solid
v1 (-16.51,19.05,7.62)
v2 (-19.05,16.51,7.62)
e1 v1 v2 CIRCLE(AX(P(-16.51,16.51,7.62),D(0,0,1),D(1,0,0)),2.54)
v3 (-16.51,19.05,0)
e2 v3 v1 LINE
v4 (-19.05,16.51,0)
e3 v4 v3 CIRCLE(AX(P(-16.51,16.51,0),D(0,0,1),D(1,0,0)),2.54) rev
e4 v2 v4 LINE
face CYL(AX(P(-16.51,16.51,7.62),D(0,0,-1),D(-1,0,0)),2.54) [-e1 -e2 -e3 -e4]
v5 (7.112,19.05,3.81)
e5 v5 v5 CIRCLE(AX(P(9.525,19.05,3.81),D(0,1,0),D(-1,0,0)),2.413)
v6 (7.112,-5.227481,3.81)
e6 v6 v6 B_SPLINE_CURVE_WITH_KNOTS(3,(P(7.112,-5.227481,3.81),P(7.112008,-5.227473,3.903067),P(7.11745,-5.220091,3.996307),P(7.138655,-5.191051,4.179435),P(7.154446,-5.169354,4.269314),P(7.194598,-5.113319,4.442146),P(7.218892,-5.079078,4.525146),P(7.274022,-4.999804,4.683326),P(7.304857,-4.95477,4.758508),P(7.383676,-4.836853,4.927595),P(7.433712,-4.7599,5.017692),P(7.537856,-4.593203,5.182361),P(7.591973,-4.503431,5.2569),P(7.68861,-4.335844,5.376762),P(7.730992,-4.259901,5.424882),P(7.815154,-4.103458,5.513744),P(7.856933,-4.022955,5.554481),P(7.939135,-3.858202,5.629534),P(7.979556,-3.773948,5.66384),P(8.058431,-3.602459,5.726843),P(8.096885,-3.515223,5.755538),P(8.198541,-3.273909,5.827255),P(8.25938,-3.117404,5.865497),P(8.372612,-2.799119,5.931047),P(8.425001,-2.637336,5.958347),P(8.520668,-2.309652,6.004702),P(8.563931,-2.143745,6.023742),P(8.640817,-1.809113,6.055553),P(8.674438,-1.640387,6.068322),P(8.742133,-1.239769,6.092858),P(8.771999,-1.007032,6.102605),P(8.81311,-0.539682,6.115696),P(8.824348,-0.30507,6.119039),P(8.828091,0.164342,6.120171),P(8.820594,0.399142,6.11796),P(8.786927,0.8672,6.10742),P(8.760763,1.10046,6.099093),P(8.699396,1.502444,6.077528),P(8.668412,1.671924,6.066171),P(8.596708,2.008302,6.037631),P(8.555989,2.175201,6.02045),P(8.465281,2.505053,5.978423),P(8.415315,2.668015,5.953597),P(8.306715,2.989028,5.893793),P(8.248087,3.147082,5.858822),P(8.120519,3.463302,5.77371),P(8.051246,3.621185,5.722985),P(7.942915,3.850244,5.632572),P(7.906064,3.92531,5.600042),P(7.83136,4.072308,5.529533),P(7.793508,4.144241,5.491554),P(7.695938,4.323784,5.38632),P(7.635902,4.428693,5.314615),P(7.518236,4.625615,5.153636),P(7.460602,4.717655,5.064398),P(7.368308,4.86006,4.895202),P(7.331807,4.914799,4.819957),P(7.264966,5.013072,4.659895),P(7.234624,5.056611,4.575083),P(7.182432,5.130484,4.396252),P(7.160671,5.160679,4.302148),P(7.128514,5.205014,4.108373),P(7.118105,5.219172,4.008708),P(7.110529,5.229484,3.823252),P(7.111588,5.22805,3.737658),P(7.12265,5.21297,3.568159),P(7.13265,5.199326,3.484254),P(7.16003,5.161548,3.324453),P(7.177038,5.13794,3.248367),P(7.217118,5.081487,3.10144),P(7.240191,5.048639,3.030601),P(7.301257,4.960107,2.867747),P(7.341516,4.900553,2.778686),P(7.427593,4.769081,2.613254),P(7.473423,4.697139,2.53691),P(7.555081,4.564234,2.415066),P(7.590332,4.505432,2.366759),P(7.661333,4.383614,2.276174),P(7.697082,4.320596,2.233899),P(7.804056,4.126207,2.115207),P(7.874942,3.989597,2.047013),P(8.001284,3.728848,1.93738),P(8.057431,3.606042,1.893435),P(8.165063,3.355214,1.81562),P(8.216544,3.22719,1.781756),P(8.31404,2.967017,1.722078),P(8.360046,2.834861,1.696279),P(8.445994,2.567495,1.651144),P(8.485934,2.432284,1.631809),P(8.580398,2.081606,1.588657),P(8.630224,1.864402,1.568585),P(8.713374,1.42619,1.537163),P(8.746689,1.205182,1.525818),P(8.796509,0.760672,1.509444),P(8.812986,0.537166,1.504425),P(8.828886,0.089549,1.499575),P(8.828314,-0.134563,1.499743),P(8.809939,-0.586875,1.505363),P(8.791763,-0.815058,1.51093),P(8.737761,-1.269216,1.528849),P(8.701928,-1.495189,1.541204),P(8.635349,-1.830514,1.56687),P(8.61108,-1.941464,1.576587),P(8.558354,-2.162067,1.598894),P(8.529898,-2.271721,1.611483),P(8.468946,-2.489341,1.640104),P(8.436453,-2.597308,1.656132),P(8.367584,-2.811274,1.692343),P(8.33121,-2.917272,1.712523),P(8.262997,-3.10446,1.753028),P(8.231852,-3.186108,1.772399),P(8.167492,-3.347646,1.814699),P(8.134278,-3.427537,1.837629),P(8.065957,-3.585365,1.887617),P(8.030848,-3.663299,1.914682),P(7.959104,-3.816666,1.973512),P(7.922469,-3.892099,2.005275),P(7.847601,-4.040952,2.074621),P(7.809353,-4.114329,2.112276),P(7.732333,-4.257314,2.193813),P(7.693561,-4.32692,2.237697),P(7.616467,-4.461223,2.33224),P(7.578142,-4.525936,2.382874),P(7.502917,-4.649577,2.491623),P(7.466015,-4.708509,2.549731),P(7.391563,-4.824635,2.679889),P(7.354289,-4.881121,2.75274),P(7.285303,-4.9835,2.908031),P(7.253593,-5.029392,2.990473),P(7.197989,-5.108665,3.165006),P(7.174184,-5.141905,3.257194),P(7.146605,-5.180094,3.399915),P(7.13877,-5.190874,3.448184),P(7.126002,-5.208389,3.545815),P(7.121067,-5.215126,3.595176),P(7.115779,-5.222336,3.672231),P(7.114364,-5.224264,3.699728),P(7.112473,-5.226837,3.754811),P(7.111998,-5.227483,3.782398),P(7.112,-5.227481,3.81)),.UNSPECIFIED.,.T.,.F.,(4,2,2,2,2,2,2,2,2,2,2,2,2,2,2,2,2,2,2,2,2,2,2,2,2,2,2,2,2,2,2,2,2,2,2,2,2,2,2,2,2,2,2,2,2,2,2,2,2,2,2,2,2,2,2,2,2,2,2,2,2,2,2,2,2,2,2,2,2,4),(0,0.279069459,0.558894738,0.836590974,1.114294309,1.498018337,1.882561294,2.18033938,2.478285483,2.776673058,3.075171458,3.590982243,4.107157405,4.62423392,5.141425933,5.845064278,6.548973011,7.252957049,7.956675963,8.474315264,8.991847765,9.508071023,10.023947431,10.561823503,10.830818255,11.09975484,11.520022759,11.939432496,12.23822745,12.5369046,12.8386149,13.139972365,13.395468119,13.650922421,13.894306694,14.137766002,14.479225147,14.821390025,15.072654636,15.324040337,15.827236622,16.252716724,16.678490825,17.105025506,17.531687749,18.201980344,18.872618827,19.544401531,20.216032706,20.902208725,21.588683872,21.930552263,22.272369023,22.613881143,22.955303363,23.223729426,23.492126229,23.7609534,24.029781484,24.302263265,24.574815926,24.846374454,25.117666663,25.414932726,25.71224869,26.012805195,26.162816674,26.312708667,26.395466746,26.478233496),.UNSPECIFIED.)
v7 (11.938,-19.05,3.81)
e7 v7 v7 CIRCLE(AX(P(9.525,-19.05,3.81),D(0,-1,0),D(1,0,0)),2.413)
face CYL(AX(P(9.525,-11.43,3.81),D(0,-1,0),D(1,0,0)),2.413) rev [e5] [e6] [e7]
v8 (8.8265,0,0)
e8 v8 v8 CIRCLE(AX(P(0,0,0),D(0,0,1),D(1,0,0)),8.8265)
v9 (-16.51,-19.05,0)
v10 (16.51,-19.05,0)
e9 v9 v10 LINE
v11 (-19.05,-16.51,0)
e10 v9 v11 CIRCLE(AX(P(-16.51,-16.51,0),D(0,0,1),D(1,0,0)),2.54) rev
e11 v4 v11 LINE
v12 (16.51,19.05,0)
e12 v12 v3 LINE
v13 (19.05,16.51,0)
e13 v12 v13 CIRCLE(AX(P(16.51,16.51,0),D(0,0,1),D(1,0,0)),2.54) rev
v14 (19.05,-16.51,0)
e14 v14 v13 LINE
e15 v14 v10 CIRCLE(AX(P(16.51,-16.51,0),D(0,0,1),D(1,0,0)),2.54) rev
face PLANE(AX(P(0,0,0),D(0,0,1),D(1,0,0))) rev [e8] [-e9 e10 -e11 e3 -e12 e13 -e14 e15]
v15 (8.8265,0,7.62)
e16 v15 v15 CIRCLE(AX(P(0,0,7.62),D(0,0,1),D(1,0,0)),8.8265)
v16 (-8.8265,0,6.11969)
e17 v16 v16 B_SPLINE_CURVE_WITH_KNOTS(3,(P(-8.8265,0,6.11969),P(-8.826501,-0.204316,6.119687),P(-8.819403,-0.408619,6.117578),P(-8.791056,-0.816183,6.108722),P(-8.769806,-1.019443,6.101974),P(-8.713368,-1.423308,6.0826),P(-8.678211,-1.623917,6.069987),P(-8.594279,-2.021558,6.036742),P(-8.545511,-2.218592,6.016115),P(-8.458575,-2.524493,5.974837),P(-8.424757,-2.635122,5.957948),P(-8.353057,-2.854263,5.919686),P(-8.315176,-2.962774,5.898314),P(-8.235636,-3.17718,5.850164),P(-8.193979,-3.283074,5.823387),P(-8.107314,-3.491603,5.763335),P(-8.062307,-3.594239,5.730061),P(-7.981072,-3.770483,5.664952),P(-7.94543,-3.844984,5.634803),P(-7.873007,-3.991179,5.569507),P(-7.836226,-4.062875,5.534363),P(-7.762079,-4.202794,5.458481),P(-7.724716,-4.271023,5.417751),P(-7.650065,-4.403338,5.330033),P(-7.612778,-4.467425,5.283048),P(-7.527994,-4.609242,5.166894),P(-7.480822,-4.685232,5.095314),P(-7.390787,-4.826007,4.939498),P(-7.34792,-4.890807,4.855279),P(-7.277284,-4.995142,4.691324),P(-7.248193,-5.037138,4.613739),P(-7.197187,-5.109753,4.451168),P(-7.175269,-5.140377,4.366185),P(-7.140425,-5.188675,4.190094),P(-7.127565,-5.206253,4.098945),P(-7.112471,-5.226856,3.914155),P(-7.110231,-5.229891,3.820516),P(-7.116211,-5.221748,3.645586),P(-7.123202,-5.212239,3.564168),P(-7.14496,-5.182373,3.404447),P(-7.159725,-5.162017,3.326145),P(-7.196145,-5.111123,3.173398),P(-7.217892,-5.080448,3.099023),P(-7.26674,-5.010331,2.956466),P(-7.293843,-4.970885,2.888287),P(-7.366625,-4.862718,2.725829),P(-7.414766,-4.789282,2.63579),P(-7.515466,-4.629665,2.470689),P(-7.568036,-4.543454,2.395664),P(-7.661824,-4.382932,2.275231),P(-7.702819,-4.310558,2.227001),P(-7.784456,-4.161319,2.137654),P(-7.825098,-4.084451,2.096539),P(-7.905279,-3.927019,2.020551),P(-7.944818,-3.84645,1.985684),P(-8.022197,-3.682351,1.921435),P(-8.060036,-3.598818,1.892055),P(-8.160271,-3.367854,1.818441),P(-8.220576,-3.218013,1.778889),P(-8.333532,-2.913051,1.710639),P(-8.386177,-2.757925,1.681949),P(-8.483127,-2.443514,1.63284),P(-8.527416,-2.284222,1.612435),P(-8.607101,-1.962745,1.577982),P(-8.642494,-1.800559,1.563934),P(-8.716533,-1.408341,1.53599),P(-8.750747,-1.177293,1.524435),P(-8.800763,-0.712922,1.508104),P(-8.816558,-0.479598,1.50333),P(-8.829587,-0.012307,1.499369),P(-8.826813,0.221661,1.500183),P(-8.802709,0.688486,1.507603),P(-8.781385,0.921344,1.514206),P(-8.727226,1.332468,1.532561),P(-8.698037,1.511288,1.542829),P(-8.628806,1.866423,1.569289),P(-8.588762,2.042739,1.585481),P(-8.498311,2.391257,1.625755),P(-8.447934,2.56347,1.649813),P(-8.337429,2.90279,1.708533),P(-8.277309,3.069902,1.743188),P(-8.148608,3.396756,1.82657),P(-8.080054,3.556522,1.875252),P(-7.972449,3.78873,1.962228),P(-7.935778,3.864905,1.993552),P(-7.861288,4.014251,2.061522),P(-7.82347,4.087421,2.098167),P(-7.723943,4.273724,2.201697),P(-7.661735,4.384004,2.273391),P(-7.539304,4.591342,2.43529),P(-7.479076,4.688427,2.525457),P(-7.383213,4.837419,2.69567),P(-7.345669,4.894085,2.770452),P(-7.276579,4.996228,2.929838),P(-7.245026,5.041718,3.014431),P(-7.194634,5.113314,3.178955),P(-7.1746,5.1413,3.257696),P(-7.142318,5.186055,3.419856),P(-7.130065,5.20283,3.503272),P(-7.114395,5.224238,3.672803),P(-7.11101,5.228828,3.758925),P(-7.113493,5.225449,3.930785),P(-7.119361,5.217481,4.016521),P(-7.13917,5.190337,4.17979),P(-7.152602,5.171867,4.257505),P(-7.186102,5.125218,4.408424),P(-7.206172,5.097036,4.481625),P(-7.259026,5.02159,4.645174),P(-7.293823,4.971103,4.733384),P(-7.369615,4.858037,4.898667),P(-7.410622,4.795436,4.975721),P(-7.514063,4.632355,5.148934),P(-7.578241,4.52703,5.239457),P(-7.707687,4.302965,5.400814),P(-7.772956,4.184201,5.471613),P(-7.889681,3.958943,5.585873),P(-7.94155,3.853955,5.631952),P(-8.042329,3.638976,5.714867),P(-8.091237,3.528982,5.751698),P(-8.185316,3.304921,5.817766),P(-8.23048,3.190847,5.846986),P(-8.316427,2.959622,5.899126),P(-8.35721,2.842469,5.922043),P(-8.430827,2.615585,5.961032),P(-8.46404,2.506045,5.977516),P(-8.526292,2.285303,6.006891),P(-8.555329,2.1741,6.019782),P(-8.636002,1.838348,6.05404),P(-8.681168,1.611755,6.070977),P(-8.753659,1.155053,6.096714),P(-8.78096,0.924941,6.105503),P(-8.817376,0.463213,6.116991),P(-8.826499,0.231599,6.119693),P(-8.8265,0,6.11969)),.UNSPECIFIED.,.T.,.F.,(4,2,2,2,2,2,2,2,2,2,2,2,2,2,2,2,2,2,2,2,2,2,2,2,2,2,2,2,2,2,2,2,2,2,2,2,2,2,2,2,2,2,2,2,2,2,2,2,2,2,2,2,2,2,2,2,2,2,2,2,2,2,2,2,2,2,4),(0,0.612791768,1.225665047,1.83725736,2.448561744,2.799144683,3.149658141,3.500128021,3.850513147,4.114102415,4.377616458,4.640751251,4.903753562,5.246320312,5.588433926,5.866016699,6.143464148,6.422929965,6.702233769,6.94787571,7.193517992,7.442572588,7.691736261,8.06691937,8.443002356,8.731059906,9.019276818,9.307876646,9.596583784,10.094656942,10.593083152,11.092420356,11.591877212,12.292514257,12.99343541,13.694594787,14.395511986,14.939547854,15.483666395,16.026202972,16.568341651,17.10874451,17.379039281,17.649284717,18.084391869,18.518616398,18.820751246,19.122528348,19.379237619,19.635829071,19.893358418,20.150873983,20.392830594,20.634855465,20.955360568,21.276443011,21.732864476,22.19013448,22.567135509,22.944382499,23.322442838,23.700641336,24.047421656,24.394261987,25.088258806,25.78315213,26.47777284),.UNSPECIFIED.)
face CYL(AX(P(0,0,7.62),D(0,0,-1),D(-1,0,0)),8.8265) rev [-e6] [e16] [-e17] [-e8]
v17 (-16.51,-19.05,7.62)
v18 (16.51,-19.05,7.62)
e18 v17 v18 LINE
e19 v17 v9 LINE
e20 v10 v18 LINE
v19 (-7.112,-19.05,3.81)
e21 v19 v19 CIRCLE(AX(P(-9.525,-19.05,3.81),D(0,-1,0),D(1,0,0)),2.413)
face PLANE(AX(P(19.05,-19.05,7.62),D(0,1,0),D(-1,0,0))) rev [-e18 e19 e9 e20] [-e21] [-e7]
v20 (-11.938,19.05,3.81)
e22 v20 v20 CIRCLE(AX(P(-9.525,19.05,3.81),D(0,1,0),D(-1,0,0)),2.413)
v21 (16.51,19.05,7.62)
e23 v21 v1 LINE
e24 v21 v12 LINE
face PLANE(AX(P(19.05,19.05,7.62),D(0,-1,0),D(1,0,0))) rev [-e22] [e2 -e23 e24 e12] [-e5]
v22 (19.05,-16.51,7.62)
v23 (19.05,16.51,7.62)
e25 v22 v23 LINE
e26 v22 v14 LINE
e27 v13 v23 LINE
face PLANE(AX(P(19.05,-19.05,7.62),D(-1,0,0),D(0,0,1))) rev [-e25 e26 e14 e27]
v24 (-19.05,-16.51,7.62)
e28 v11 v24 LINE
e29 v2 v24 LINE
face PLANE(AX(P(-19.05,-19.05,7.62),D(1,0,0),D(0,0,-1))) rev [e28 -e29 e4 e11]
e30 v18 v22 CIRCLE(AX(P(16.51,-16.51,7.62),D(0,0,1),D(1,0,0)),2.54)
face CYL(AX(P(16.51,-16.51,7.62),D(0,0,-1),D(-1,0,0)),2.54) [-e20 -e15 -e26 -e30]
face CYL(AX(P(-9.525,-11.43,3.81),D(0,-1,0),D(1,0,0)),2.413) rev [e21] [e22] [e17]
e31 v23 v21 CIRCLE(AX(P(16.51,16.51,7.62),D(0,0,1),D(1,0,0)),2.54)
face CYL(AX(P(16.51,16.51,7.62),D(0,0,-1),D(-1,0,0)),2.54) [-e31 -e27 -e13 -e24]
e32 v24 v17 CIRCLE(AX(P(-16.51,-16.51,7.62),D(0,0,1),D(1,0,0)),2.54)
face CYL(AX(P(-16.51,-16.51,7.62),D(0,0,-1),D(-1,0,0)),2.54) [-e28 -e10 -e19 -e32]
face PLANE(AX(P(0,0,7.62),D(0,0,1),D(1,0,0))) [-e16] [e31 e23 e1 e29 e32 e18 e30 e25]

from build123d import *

# Parameters (mm, degrees)
SKETCH1_W           = 38.1
SKETCH1_H           = 38.1
SKETCH1_R           = 8.8265
BOSS_EXTRUDE1_DEPTH = 7.62
FILLET1_R           = 2.54
SKETCH2_R           = 2.413
CUT_EXTRUDE1_DEPTH  = 7.62
SKETCH3_R           = 2.413
CUT_EXTRUDE2_DEPTH  = 7.62
SKETCH4_R           = 2.413
CUT_EXTRUDE3_DEPTH  = 39.1


with BuildPart() as part:
    # Sketch1 → Boss-Extrude1 (new body)
    with BuildSketch(Plane.XY):
        Rectangle(SKETCH1_W, SKETCH1_H)
        Circle(SKETCH1_R, mode=Mode.SUBTRACT)
    extrude(amount=BOSS_EXTRUDE1_DEPTH)

    # Fillet1
    fillet1_edges = [part.edges().sort_by_distance(p)[0] for p in [
        (-19.05, 19.05, 3.81),
        (19.05, 19.05, 3.81),
        (19.05, -19.05, 3.81),
        (-19.05, -19.05, 3.81),
    ]]
    fillet(fillet1_edges, radius=FILLET1_R)

    # Sketch2 → Cut-Extrude1 (cut)
    with BuildSketch(Plane.XZ.offset(19.05)):
        with Locations((9.525, 3.81)):
            Circle(SKETCH2_R)
        with Locations((-9.525, 3.81)):
            Circle(SKETCH2_R)
    extrude(amount=-CUT_EXTRUDE1_DEPTH, mode=Mode.SUBTRACT)

    # Sketch3 → Cut-Extrude2 (cut)
    with BuildSketch(Plane(origin=(0, 19.05, 0), x_dir=(1, 0, 0), z_dir=(0, 1, 0))):
        with Locations((-9.525, -3.81)):
            Circle(SKETCH3_R)
        with Locations((9.525, -3.81)):
            Circle(SKETCH3_R)
    extrude(amount=-CUT_EXTRUDE2_DEPTH, mode=Mode.SUBTRACT)

    # Sketch4 → Cut-Extrude3 (cut, through all)
    with BuildSketch(Plane(origin=(0, 19.05, 0), x_dir=(1, 0, 0), z_dir=(0, 1, 0))):
        with Locations((9.525, -3.81)):
            Circle(SKETCH4_R)
        with Locations((-9.525, -3.81)):
            Circle(SKETCH4_R)
    extrude(amount=-CUT_EXTRUDE3_DEPTH, mode=Mode.SUBTRACT)


solid = part.part
